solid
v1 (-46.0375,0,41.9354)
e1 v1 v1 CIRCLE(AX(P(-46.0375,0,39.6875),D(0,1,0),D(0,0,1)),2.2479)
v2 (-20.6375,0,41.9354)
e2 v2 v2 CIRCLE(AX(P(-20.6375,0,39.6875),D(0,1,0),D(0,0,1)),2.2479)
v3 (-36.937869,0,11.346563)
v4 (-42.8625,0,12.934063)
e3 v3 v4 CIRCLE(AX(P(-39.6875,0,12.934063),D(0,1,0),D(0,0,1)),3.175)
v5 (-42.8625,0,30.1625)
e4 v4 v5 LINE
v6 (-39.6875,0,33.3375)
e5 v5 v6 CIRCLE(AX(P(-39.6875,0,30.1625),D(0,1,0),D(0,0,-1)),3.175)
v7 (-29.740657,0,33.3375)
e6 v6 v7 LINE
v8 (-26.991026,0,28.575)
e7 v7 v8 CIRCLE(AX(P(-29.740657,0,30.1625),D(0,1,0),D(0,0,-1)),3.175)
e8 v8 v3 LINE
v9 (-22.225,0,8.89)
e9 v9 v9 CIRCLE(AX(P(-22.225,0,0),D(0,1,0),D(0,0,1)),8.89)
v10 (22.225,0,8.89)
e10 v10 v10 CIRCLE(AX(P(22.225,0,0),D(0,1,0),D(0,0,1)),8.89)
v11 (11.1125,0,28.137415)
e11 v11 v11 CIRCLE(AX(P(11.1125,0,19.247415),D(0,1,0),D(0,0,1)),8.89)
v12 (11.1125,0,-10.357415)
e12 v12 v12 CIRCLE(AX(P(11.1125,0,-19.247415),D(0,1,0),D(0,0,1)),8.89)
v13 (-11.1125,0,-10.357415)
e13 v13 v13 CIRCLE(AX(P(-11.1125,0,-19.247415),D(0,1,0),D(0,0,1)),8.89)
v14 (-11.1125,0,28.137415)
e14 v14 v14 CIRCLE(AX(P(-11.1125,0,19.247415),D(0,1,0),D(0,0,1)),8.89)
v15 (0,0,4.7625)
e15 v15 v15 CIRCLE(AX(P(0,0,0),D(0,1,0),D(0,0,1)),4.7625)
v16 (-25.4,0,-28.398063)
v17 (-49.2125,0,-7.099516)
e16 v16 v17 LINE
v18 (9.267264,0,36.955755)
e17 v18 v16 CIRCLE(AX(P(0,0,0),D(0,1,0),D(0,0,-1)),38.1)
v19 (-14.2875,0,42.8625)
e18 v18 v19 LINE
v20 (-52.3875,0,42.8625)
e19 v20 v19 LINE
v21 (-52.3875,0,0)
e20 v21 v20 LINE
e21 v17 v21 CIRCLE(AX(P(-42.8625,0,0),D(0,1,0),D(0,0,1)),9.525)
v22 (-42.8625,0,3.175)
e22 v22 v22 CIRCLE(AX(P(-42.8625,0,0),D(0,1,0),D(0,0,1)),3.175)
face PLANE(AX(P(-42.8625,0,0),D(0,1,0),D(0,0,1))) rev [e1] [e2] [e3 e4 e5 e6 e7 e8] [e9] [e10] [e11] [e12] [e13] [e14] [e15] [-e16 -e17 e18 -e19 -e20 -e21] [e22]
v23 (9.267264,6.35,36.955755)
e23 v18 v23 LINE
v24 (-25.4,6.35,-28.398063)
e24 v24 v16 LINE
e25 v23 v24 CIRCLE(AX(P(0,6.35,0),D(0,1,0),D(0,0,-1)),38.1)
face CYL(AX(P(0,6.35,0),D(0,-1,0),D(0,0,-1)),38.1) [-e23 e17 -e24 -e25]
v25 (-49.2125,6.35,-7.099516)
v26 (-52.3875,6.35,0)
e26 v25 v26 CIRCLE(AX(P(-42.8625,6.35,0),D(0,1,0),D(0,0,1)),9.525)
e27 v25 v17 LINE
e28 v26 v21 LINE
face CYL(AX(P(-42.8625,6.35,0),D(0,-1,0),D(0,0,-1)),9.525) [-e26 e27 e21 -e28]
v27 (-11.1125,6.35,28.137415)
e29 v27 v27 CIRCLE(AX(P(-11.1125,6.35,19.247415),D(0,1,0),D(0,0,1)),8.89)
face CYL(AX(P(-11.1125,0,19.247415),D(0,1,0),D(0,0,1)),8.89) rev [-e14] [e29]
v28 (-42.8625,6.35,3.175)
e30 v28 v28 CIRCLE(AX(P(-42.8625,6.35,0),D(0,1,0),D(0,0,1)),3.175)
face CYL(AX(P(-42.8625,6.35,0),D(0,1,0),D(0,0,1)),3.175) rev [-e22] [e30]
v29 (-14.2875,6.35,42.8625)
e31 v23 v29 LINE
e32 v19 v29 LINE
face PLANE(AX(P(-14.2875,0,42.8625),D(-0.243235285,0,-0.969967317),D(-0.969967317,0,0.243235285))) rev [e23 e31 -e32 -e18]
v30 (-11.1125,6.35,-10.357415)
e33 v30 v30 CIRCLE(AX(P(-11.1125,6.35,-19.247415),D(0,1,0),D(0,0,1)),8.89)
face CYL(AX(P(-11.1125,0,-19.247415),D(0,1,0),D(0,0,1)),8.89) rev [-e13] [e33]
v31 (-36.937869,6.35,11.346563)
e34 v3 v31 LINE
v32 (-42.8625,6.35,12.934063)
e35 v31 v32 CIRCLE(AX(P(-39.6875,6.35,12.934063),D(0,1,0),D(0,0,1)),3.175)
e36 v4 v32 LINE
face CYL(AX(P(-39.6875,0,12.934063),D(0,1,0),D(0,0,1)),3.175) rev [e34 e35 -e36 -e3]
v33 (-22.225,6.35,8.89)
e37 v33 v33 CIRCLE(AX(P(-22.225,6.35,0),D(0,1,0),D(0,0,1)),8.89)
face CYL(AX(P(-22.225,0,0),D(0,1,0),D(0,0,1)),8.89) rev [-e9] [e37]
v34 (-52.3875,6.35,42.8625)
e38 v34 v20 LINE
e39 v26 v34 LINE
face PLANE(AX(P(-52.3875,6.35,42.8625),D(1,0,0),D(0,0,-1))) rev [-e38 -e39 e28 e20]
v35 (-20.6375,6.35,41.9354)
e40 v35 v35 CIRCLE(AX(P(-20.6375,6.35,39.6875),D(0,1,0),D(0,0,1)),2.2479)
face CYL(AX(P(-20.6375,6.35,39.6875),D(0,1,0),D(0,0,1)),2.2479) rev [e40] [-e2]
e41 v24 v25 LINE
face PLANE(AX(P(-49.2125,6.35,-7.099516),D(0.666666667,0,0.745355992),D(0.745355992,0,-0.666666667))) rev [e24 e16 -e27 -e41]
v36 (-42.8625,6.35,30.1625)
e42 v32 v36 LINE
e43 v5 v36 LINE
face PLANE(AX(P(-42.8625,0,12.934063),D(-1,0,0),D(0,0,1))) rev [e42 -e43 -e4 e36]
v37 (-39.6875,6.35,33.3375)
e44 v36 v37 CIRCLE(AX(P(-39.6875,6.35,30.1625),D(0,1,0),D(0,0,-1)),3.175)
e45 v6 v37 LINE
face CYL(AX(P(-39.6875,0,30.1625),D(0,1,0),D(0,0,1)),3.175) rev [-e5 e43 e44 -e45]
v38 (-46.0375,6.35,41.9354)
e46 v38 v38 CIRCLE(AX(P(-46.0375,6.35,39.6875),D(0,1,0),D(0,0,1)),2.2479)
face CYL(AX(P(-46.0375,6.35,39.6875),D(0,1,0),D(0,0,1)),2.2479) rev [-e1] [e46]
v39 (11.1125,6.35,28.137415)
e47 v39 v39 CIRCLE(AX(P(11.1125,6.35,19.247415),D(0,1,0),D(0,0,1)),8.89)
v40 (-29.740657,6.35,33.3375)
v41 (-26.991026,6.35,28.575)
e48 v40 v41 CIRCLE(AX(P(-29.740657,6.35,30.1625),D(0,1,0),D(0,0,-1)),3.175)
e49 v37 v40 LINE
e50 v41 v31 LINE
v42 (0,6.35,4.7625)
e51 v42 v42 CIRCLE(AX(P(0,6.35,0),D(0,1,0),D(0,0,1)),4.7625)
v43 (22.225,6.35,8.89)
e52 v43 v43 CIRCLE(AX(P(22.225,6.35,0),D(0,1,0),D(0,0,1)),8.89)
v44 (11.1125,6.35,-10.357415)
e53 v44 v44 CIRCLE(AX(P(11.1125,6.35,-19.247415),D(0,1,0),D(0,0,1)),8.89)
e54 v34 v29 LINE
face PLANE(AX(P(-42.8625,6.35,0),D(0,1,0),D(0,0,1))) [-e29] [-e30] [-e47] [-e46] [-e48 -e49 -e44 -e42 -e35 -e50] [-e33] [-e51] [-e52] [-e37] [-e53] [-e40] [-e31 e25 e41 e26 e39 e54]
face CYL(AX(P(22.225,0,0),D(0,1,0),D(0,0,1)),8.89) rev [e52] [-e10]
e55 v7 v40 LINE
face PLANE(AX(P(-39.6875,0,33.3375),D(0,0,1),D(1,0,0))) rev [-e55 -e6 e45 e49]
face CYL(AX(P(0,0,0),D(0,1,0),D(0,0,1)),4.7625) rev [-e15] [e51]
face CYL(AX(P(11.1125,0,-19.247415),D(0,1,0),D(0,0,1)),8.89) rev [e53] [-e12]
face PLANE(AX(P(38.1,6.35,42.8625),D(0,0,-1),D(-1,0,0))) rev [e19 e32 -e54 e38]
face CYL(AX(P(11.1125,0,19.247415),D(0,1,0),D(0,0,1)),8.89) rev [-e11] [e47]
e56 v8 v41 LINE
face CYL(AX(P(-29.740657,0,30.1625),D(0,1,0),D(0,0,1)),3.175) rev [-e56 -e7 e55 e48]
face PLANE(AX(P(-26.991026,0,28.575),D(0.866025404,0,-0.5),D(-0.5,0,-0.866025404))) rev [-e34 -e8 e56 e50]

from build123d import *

# Parameters (mm, degrees)
BOSS_EXTRUDE1_DEPTH             = 6.35
F_1_4_0_25_DIAMETER_HOLE1_D     = 6.35
F_1_4_0_25_DIAMETER_HOLE1_DEPTH = 16.51
F_1_4_0_25_DIAMETER_HOLE1_TIP   = 1.907732465
F_8_CLEARANCE_HOLE1_D           = 4.4958
F_8_CLEARANCE_HOLE1_DEPTH       = 16.51
F_8_CLEARANCE_HOLE1_TIP         = 1.350674586
SKETCH7_R                       = 4.7625
CUT_EXTRUDE1_DEPTH              = 7.35
CUT_EXTRUDE2_DEPTH              = 7.35
SKETCH9_R                       = 8.89
CUT_EXTRUDE3_DEPTH              = 7.35


with BuildPart() as part:
    # Sketch1 → Boss-Extrude1 (new body)
    with BuildSketch(Plane(origin=(0, 0, 0), x_dir=(1, 0, 0), z_dir=(0, 1, 0))):
        with BuildLine():
            Line((-52.3875, -42.8625), (-52.3875, 0))
            ThreePointArc((-52.3875, 0), (-51.5575956, 3.888564967), (-49.2125, 7.099515829))
            Line((-49.2125, 7.099515829), (-25.4, 28.398063314))
            ThreePointArc((-25.4, 28.398063314), (15.554259867, 34.780382402), (38.1, 0))
            Line((38.1, 0), (38.1, -42.8625))
            Line((38.1, -42.8625), (-52.3875, -42.8625))
        make_face()
    extrude(amount=BOSS_EXTRUDE1_DEPTH)

    # 1/4 (0.25) Diameter Hole1
    with Locations(Plane(origin=(0, 6.35, 0), x_dir=(1, 0, 0), z_dir=(0, 1, 0))):
        with Locations((-42.8625, 0)):
            Hole(F_1_4_0_25_DIAMETER_HOLE1_D / 2, depth=F_1_4_0_25_DIAMETER_HOLE1_DEPTH)
            with Locations((0, 0, -(F_1_4_0_25_DIAMETER_HOLE1_DEPTH + F_1_4_0_25_DIAMETER_HOLE1_TIP / 2))):  # 118° drill point
                Cone(0, F_1_4_0_25_DIAMETER_HOLE1_D / 2, F_1_4_0_25_DIAMETER_HOLE1_TIP, mode=Mode.SUBTRACT)

    # #8 Clearance Hole1
    with Locations(Plane(origin=(0, 6.35, 0), x_dir=(1, 0, 0), z_dir=(0, 1, 0))):
        with Locations((-46.0375, -39.6875), (-20.6375, -39.6875)):
            Hole(F_8_CLEARANCE_HOLE1_D / 2, depth=F_8_CLEARANCE_HOLE1_DEPTH)
            with Locations((0, 0, -(F_8_CLEARANCE_HOLE1_DEPTH + F_8_CLEARANCE_HOLE1_TIP / 2))):  # 118° drill point
                Cone(0, F_8_CLEARANCE_HOLE1_D / 2, F_8_CLEARANCE_HOLE1_TIP, mode=Mode.SUBTRACT)

    # Sketch7 → Cut-Extrude1 (cut, through all)
    with BuildSketch(Plane(origin=(0, 6.35, 0), x_dir=(1, 0, 0), z_dir=(0, 1, 0))):
        Circle(SKETCH7_R)
    extrude(amount=-CUT_EXTRUDE1_DEPTH, mode=Mode.SUBTRACT)

    # Sketch8 → Cut-Extrude2 (cut, through all)
    with BuildSketch(Plane(origin=(0, 6.35, 0), x_dir=(1, 0, 0), z_dir=(0, 1, 0))):
        with BuildLine():
            Line((-14.2875, -42.8625), (9.267264347, -36.955754782))
            ThreePointArc((9.267264347, -36.955754782), (30.039080975, -23.436373742), (38.1, 0))
            Line((38.1, 0), (38.1, -42.8625))
            Line((38.1, -42.8625), (-14.2875, -42.8625))
        make_face()
    extrude(amount=-CUT_EXTRUDE2_DEPTH, mode=Mode.SUBTRACT)

    # Sketch9 → Cut-Extrude3 (cut, through all)
    with BuildSketch(Plane(origin=(0, 6.35, 0), x_dir=(1, 0, 0), z_dir=(0, 1, 0))):
        with Locations((-22.225, 0)):
            Circle(SKETCH9_R)
        with Locations((-11.1125, 19.247414599)):
            Circle(SKETCH9_R)
        with Locations((11.1125, 19.247414599)):
            Circle(SKETCH9_R)
        with Locations((22.225, 0)):
            Circle(SKETCH9_R)
        with Locations((11.1125, -19.247414599)):
            Circle(SKETCH9_R)
        with Locations((-11.1125, -19.247414599)):
            Circle(SKETCH9_R)
        with BuildLine():
            Line((-42.8625, -12.934062773), (-42.8625, -30.1625))
            ThreePointArc((-42.8625, -30.1625), (-41.93256403, -32.40756403), (-39.6875, -33.3375))
            Line((-39.6875, -33.3375), (-29.740657129, -33.3375))
            ThreePointArc((-29.740657129, -33.3375), (-26.991026472, -31.75), (-26.991026472, -28.575))
            Line((-26.991026472, -28.575), (-36.937869343, -11.346562773))
            ThreePointArc((-36.937869343, -11.346562773), (-40.509250468, -9.867248274), (-42.8625, -12.934062773))
        make_face()
    extrude(amount=-CUT_EXTRUDE3_DEPTH, mode=Mode.SUBTRACT)


solid = part.part
